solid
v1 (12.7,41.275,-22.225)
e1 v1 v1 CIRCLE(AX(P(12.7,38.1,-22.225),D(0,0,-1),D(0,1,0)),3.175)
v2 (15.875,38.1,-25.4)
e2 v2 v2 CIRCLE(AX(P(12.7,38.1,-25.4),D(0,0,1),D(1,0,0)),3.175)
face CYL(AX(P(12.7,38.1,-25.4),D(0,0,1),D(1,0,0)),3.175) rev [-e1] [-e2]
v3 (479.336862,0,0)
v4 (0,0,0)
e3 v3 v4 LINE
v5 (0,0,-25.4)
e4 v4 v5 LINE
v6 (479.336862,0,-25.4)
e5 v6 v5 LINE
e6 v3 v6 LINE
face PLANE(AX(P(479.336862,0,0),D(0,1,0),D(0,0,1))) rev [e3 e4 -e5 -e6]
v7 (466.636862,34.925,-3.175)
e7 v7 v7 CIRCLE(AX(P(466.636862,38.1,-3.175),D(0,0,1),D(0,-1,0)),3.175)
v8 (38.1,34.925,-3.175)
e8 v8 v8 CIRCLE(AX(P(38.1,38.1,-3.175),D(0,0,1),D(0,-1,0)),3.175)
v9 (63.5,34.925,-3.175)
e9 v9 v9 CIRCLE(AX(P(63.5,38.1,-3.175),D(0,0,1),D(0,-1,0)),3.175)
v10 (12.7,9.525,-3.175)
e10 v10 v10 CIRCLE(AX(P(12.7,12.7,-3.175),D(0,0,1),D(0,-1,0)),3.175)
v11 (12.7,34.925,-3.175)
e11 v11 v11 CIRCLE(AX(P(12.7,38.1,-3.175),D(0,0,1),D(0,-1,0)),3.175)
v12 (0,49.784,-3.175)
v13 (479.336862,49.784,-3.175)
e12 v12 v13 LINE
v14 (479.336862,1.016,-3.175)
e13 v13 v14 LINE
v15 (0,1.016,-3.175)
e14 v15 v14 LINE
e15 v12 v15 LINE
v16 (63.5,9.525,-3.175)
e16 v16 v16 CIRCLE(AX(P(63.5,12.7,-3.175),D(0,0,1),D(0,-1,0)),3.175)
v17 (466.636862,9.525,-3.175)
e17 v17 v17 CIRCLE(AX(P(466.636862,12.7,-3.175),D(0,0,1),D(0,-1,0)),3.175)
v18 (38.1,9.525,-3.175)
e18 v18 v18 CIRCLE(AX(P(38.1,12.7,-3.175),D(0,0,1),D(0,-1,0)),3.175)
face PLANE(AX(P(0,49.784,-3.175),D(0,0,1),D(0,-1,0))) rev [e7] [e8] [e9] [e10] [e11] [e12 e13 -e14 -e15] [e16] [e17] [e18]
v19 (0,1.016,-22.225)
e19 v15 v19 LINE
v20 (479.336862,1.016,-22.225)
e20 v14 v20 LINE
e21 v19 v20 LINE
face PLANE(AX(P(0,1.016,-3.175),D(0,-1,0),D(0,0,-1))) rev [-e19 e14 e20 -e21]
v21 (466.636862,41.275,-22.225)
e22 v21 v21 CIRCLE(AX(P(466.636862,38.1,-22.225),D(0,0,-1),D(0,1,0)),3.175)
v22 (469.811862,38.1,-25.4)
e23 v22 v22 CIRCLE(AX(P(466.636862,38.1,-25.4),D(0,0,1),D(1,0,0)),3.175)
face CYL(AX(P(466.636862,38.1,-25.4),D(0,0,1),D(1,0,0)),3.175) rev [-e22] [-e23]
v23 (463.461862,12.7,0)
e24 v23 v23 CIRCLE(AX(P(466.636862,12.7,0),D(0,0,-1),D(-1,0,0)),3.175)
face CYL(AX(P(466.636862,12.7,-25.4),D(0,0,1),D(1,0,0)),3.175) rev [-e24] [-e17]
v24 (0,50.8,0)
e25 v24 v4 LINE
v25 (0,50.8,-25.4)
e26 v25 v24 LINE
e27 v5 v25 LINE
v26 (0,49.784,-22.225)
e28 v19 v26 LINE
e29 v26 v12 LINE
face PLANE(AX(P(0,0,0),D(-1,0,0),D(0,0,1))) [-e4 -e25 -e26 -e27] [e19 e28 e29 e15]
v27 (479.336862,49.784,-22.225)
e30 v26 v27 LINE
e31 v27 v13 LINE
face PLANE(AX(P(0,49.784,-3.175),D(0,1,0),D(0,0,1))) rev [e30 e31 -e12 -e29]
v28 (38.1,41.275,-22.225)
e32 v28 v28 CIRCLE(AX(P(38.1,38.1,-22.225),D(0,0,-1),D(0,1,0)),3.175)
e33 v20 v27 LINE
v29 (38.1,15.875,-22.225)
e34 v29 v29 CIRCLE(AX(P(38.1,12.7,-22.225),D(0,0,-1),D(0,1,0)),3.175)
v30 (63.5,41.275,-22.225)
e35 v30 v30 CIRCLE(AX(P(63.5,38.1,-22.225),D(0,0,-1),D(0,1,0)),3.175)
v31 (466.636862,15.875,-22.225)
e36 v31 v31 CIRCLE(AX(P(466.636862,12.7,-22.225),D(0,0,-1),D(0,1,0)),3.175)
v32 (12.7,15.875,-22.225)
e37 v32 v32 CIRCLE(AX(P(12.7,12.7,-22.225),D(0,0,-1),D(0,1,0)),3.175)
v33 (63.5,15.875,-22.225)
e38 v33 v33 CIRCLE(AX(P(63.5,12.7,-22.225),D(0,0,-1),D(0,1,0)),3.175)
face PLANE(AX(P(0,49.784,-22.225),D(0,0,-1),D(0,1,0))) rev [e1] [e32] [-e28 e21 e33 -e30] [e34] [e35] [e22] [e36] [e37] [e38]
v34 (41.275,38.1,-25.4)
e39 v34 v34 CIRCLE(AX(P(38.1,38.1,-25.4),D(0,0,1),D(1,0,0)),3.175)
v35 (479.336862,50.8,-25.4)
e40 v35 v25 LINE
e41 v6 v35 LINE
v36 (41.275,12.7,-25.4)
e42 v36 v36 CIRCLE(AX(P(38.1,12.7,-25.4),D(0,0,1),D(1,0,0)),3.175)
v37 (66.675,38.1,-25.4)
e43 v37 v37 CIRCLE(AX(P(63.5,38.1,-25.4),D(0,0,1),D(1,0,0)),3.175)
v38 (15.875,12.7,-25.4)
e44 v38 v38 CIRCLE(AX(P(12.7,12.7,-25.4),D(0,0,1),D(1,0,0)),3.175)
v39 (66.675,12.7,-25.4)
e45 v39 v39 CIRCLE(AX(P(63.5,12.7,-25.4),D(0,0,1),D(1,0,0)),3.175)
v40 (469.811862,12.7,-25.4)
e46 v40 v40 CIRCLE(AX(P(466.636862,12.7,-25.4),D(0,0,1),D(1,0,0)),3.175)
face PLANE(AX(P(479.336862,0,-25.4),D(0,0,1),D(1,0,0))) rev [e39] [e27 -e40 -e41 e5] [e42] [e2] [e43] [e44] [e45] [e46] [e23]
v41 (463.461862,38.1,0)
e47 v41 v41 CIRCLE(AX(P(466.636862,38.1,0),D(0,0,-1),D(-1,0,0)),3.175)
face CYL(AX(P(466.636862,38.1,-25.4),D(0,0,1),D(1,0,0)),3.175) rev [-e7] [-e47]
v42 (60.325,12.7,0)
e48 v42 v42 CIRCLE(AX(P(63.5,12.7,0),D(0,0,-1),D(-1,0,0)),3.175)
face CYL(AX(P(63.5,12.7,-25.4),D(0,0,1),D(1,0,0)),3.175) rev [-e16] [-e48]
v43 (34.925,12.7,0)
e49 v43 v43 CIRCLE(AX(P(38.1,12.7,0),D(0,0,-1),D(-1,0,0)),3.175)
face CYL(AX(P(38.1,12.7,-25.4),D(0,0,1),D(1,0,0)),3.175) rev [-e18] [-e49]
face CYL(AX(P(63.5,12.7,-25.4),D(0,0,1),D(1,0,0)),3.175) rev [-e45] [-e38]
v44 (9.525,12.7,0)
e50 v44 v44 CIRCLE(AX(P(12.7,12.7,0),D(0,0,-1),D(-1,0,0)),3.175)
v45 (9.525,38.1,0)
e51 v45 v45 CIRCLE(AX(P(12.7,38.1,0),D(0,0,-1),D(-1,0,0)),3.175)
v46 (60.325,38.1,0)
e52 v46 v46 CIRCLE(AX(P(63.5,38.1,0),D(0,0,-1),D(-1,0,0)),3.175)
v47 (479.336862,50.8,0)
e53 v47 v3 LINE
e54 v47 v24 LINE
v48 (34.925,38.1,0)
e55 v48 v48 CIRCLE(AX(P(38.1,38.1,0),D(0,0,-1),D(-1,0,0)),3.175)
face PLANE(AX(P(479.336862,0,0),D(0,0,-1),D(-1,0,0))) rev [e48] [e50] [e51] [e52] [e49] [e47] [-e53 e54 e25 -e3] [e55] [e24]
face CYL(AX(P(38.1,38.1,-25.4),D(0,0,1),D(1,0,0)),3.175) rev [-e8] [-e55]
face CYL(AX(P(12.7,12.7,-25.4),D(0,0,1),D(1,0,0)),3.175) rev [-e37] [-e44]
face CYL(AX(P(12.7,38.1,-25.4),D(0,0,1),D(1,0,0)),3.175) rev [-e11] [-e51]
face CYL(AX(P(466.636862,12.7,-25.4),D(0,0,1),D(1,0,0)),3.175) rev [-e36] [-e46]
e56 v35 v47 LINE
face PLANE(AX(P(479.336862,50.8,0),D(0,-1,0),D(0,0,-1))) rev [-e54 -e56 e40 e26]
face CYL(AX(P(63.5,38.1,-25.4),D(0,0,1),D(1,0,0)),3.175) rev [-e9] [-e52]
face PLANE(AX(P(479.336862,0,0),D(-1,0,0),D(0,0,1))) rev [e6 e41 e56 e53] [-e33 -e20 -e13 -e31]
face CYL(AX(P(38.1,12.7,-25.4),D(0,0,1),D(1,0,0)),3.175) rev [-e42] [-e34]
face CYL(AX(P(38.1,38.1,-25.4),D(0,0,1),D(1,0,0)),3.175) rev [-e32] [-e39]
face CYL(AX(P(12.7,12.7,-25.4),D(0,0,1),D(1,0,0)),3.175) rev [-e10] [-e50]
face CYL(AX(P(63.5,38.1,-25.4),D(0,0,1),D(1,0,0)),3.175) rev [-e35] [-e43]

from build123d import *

# Parameters (mm, degrees)
SKETCH1_W               = 25.4
SKETCH1_H               = 50.8
BOSS_EXTRUDE1_DEPTH     = 479.336862
SKETCH2_W               = 19.05
SKETCH2_H               = 48.768
CUT_EXTRUDE1_DEPTH      = 483.689990855
CUT_EXTRUDE4_DEPTH      = 483.689990855
CUT_EXTRUDE4_DEPTH_BACK = 483.689990855
SKETCH5_R               = 3.175


with BuildPart() as part:
    # Sketch1 → Boss-Extrude1 (new body)
    with BuildSketch(Plane(origin=(0, 0, 0), x_dir=(0, 0, -1), z_dir=(1, 0, 0))):
        with Locations((12.7, 25.4)):
            Rectangle(SKETCH1_W, SKETCH1_H)
    extrude(amount=BOSS_EXTRUDE1_DEPTH)

    # Sketch2 → Cut-Extrude1 (cut, through all)
    with BuildSketch(Plane(origin=(479.336862, 0, 0), x_dir=(0, 0, -1), z_dir=(1, 0, 0))):
        with Locations((12.7, 25.4)):
            Rectangle(SKETCH2_W, SKETCH2_H)
    extrude(amount=-CUT_EXTRUDE1_DEPTH, mode=Mode.SUBTRACT)

    # Sketch5 → Cut-Extrude4 (cut, two sides: drawn at the far end of the back side and taken through both)
    with BuildSketch(Plane.XY.offset(-CUT_EXTRUDE4_DEPTH_BACK)):
        with Locations((12.7, 38.1)):
            Circle(SKETCH5_R)
        with Locations((38.1, 38.1)):
            Circle(SKETCH5_R)
        with Locations((12.7, 12.7)):
            Circle(SKETCH5_R)
        with Locations((38.1, 12.7)):
            Circle(SKETCH5_R)
        with Locations((63.5, 38.1)):
            Circle(SKETCH5_R)
        with Locations((63.5, 12.7)):
            Circle(SKETCH5_R)
        with Locations((466.636862, 38.1)):
            Circle(SKETCH5_R)
        with Locations((466.636862, 12.7)):
            Circle(SKETCH5_R)
    extrude(amount=CUT_EXTRUDE4_DEPTH + CUT_EXTRUDE4_DEPTH_BACK, mode=Mode.SUBTRACT)


solid = part.part
